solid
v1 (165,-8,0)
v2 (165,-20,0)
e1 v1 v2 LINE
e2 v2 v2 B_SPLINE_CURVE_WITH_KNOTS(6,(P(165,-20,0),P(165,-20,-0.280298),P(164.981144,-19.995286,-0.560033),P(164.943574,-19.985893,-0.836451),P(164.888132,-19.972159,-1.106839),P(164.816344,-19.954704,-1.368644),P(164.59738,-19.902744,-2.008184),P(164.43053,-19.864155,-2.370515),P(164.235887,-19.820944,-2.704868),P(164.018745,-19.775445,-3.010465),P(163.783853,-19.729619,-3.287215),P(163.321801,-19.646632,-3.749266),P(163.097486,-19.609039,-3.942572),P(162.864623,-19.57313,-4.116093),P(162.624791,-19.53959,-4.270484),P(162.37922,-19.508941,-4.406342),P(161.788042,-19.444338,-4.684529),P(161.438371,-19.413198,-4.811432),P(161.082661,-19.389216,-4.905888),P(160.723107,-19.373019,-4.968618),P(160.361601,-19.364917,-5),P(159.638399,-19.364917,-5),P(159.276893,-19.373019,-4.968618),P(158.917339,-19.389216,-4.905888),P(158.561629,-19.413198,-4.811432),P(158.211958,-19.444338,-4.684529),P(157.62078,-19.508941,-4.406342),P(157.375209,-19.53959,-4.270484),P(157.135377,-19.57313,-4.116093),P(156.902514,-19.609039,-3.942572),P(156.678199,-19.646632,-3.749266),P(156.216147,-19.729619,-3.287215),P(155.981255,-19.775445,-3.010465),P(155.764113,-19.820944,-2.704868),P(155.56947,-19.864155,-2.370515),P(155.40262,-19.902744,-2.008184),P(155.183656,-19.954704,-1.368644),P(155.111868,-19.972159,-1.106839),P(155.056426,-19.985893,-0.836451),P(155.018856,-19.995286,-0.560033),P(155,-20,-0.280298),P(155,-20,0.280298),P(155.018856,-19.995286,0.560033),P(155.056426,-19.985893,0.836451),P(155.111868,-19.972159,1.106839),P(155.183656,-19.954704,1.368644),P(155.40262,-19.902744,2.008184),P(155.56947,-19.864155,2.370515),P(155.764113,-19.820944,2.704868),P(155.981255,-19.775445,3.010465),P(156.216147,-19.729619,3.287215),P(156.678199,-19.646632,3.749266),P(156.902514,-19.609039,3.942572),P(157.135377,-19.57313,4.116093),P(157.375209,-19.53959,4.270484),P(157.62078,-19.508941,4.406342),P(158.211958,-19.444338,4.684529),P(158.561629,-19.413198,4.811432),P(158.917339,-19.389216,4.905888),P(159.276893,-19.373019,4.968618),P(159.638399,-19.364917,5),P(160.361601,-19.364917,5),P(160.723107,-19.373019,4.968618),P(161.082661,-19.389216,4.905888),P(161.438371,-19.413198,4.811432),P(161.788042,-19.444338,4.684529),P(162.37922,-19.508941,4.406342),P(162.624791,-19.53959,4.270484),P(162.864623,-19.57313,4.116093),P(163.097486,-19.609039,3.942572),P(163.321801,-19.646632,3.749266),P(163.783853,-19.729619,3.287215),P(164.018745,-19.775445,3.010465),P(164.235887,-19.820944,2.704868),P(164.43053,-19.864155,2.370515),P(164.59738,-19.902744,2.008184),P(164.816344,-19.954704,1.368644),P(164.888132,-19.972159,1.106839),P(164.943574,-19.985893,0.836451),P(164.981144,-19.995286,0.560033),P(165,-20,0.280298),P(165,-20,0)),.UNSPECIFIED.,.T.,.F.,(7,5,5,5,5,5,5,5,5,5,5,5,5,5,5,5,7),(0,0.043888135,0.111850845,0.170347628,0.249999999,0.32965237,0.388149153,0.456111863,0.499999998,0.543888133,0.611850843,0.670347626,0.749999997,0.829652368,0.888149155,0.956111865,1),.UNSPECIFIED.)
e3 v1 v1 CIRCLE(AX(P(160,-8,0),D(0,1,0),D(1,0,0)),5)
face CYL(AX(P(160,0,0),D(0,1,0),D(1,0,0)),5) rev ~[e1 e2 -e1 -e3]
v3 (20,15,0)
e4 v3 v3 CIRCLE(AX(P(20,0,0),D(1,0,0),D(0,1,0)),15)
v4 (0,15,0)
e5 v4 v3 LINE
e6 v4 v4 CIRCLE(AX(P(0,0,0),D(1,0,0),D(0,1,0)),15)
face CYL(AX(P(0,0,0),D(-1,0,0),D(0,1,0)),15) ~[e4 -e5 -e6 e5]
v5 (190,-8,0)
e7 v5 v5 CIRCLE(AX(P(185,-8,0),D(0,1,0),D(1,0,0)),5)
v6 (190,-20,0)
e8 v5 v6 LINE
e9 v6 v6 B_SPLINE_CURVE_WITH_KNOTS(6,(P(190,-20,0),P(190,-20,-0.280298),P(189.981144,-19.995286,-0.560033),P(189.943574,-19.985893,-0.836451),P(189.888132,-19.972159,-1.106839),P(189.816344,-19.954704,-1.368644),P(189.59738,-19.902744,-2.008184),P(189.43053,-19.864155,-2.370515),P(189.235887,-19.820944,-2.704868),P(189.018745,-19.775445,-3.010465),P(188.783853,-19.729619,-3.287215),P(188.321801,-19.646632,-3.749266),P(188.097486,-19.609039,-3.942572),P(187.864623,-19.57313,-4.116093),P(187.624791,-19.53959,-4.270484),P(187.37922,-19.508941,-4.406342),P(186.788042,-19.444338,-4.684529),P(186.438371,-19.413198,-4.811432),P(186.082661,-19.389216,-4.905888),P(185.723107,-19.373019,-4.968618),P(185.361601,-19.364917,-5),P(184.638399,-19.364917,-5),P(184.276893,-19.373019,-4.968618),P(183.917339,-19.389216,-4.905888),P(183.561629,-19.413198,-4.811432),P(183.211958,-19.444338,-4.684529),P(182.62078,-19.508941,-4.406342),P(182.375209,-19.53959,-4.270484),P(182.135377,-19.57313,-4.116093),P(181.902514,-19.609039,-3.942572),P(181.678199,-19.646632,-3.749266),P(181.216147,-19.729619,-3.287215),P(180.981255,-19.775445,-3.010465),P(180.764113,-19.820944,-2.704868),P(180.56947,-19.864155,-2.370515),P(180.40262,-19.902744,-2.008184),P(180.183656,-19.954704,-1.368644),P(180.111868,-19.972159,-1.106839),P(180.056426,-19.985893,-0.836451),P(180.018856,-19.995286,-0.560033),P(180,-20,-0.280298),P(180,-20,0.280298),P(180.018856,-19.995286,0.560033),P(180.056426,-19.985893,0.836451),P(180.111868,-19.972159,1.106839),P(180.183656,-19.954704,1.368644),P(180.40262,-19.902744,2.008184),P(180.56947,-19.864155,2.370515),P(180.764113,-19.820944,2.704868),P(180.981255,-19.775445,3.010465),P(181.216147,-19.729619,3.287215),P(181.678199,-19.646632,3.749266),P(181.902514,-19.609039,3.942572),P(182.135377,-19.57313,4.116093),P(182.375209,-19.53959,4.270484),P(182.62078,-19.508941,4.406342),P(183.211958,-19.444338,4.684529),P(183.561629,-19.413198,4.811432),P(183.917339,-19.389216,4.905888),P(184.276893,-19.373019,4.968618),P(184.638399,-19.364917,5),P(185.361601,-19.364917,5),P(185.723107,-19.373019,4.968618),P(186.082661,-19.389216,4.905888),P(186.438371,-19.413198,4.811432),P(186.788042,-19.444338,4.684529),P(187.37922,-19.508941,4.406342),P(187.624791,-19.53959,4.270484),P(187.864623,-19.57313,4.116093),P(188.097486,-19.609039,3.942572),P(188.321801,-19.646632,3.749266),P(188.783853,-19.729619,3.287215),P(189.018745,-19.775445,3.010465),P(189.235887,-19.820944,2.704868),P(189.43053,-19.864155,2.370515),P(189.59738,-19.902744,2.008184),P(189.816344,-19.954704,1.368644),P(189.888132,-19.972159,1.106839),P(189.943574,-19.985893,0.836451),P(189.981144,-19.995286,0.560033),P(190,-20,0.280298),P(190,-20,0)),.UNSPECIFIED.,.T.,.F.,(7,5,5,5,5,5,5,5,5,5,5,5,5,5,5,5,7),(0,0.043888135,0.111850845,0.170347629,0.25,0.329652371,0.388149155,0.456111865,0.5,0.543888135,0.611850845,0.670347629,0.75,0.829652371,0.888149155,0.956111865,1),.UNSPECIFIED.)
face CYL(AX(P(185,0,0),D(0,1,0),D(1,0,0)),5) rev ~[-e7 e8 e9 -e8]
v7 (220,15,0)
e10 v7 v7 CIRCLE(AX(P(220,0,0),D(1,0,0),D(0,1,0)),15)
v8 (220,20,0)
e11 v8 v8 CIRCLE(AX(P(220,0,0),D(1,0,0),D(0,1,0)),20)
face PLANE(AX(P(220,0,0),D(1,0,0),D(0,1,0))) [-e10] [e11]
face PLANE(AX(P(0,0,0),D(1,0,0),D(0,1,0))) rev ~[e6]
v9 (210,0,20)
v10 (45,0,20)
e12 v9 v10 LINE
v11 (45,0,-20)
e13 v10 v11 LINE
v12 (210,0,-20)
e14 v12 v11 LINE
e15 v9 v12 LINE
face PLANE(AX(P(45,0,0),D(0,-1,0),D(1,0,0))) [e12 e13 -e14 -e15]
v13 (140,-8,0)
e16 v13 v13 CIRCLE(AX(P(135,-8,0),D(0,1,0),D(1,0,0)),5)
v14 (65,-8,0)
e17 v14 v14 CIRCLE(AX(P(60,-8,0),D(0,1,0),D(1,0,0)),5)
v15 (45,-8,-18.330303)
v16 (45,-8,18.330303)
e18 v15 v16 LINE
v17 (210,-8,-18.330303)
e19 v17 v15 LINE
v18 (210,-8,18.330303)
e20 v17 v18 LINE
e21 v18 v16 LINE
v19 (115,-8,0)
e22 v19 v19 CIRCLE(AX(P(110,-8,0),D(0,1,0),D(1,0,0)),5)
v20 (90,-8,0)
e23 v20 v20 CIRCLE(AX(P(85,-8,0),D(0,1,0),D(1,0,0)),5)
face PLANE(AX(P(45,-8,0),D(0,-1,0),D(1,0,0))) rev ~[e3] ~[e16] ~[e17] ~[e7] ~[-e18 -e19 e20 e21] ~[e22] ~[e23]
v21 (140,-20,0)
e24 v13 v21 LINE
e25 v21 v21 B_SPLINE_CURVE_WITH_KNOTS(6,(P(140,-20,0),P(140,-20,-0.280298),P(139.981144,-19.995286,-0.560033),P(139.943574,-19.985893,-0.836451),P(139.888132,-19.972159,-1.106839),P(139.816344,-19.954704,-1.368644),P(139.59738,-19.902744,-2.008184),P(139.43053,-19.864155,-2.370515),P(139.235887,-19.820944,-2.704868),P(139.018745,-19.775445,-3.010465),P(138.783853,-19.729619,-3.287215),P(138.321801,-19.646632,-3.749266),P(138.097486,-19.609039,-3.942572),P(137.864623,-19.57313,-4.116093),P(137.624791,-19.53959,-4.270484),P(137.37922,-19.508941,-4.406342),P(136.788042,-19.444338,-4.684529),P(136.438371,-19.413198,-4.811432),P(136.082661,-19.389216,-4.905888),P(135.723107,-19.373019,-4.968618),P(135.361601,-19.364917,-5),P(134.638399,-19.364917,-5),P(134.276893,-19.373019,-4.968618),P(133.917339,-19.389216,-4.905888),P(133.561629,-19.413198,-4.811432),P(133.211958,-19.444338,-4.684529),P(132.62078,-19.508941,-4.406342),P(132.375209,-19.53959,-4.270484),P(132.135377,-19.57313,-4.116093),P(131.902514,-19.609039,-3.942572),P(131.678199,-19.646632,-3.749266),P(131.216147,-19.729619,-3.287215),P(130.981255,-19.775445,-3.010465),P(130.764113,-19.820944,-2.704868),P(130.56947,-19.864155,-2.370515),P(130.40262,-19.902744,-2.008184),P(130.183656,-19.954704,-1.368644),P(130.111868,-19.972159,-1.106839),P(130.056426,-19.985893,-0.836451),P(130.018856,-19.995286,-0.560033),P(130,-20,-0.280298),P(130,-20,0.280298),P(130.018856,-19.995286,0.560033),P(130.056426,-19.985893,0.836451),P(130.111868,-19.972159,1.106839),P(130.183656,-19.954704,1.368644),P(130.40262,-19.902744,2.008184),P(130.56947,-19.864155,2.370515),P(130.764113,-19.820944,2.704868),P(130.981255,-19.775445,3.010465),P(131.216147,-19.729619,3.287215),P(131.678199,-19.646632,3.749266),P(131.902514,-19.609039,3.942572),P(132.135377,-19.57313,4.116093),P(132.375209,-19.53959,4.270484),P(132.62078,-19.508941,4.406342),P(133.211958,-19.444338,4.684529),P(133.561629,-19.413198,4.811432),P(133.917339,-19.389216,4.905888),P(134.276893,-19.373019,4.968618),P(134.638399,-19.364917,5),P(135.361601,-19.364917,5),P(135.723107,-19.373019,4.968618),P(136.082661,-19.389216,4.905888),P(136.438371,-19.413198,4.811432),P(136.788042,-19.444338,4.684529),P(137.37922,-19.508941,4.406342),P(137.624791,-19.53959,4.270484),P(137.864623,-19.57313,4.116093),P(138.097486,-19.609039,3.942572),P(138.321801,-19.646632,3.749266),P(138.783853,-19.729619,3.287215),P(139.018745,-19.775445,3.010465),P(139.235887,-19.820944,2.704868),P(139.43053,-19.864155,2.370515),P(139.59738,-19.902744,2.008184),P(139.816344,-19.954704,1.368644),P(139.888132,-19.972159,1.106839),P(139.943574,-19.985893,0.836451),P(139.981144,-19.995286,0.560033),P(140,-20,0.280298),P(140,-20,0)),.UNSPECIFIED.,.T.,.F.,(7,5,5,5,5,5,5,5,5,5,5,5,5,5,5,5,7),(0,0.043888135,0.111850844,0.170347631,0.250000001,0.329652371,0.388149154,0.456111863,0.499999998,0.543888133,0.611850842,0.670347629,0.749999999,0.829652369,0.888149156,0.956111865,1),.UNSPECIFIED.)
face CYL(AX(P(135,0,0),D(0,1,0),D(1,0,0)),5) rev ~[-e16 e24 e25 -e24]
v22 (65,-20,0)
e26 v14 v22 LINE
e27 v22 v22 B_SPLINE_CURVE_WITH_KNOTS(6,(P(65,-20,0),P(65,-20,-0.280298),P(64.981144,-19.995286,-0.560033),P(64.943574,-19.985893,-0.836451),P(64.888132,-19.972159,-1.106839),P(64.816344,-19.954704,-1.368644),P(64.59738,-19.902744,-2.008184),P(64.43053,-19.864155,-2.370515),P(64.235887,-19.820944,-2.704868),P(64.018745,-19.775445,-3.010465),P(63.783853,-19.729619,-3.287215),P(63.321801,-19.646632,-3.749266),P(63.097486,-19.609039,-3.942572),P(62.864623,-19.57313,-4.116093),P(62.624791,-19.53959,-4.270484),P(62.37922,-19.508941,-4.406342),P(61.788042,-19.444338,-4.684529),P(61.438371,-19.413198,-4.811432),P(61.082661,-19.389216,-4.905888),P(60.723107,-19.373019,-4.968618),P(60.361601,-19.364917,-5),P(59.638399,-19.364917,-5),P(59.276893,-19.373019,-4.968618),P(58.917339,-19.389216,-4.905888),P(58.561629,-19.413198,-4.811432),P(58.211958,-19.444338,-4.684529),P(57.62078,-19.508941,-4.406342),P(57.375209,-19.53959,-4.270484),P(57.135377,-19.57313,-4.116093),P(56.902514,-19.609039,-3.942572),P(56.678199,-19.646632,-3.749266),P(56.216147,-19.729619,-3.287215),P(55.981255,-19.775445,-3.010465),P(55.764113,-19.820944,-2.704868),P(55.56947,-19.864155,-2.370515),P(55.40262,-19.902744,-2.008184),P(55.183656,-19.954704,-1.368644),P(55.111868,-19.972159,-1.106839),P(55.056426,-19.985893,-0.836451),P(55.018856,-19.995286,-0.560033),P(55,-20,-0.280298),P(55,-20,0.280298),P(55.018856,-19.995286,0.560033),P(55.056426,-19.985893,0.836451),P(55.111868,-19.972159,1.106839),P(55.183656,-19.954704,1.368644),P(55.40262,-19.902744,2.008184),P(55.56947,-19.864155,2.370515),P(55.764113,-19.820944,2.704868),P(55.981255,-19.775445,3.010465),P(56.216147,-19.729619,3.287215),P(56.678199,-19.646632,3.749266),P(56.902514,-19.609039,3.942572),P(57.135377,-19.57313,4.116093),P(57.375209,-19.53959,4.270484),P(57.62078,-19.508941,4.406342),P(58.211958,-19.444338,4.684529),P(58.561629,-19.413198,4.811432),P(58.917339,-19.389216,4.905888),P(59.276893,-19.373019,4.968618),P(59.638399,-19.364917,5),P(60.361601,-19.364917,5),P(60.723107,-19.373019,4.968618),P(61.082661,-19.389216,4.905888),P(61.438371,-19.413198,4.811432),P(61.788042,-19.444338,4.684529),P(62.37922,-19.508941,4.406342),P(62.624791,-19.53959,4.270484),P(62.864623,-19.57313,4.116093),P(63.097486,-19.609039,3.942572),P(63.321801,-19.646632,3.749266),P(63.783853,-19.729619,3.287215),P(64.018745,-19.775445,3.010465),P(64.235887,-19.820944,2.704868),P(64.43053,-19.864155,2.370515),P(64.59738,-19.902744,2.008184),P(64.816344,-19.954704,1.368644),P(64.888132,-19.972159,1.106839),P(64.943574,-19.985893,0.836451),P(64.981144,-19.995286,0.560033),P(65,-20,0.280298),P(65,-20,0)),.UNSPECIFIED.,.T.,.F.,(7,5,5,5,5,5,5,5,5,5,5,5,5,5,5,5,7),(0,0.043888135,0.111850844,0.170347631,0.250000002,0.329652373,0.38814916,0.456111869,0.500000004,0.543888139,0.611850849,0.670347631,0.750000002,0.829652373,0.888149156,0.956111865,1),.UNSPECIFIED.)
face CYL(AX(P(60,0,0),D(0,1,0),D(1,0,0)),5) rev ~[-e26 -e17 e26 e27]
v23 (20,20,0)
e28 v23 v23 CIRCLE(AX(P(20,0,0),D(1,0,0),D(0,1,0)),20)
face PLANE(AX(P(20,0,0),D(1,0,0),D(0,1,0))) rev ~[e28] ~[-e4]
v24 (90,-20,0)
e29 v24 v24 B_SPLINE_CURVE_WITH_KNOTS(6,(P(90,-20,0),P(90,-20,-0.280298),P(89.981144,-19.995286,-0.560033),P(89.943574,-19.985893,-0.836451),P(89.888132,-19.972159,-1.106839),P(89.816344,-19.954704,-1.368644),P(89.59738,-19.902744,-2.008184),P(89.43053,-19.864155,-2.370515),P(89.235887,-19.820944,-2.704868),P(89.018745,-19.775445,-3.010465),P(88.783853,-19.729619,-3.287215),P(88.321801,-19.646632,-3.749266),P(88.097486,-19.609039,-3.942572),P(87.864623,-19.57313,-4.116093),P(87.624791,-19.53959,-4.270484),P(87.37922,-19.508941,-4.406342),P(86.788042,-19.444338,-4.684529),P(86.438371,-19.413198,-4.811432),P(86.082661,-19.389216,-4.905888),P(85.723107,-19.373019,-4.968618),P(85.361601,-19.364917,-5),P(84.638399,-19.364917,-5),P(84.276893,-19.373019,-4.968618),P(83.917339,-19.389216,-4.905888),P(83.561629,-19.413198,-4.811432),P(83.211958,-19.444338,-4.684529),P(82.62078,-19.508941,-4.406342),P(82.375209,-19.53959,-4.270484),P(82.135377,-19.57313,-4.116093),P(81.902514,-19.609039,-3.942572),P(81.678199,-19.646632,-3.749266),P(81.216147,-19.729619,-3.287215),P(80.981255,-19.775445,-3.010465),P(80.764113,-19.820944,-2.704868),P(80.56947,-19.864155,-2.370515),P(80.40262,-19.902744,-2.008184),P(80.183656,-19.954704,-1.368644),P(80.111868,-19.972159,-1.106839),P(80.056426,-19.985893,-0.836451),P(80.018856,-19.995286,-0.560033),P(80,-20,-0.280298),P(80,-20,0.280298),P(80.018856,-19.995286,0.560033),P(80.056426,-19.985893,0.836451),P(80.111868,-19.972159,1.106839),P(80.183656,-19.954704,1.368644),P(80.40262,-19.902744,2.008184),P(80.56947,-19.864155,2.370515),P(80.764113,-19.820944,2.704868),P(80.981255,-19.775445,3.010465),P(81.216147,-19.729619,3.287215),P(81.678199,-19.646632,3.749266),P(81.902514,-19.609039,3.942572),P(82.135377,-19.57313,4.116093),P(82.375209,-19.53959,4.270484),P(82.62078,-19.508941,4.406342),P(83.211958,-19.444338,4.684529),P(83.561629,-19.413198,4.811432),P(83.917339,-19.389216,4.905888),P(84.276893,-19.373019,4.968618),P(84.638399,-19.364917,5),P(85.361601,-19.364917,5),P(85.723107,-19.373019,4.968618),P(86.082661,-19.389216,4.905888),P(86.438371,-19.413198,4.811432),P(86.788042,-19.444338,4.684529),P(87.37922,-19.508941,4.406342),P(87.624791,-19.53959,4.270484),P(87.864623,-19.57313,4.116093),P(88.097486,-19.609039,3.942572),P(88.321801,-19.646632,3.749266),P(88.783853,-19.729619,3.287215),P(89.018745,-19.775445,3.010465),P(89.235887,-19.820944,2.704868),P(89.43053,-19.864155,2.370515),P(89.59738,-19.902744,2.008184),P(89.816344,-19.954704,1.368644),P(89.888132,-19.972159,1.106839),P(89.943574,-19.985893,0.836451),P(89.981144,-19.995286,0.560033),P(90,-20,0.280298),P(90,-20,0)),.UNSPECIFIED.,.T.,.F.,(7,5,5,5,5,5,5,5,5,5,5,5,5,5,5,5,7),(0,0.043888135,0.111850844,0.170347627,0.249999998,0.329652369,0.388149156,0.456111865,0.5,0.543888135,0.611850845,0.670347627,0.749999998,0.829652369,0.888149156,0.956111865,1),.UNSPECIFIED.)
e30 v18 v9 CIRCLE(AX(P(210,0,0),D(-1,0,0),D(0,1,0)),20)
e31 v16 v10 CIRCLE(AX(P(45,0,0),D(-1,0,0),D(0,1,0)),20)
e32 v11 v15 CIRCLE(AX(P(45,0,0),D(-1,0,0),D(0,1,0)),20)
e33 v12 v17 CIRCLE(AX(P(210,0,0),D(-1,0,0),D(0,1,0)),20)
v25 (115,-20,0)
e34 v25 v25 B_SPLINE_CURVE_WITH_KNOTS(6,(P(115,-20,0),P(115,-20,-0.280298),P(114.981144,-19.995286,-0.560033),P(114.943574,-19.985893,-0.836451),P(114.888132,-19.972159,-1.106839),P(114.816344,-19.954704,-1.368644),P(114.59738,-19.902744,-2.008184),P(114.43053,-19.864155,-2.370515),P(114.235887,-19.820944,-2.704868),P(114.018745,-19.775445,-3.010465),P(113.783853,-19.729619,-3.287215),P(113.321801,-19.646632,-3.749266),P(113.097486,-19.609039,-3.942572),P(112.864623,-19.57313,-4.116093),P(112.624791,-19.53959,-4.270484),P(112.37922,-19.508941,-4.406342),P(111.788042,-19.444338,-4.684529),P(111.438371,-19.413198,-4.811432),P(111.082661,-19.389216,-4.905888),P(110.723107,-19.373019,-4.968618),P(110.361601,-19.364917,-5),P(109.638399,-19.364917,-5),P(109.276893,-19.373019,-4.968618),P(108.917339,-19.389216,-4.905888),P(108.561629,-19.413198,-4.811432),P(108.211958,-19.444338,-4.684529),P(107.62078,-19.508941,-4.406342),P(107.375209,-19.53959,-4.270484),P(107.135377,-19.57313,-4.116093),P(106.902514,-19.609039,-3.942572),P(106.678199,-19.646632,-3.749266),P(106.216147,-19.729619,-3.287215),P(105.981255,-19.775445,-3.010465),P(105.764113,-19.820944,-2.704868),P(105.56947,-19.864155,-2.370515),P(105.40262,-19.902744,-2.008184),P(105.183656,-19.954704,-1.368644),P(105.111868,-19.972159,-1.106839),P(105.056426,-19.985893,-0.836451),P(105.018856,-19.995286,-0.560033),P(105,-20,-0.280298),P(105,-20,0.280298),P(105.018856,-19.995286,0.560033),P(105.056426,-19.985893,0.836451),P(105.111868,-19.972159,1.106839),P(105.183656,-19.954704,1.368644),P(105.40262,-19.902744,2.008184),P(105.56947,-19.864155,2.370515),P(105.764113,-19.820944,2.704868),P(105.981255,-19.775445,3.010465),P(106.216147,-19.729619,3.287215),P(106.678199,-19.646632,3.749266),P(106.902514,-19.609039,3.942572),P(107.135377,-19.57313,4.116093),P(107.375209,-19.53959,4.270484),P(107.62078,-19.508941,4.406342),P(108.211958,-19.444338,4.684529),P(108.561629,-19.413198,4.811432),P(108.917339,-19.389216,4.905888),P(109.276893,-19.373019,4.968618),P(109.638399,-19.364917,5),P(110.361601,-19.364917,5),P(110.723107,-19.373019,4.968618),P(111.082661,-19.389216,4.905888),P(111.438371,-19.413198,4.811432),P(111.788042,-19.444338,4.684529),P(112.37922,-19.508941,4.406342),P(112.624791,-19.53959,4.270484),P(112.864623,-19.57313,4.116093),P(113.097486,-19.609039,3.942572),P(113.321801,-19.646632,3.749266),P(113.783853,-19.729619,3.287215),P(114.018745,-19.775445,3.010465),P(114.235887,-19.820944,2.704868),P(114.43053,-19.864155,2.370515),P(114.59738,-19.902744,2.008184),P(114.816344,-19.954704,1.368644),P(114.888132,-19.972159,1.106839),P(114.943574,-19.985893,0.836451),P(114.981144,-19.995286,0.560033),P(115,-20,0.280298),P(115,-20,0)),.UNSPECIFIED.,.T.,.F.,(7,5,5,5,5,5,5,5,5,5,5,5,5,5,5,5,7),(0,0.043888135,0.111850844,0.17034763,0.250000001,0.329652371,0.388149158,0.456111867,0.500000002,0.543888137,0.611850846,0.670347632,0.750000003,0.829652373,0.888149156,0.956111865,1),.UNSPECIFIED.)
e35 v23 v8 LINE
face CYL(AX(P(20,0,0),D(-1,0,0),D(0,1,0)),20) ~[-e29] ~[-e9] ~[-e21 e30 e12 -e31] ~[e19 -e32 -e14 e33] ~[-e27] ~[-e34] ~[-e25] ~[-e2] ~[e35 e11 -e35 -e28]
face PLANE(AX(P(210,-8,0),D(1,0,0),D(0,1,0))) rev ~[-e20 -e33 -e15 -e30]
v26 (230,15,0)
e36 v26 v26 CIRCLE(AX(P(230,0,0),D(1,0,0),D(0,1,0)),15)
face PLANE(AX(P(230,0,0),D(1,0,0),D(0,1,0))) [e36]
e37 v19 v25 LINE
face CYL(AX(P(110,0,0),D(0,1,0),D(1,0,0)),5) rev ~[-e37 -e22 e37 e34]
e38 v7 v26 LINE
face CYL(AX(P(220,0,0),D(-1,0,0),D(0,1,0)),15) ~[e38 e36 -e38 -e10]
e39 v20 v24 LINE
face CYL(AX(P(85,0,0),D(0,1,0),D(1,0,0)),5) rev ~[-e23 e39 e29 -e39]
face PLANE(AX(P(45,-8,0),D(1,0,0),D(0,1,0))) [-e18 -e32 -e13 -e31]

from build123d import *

# Parameters (mm, degrees)
F0_R     = 15
F1_DEPTH = 20
F2_R     = 20
F3_DEPTH = 200
F4_W     = 165
F4_H     = 8
F5_DEPTH = 25
F7_D     = 10
F7_DEPTH = 20.001
F8_R     = 15
F9_DEPTH = 10


with BuildPart() as f1:
    # F0 (on Right) → F1 (new body)
    with BuildSketch(Plane.YZ):
        Circle(F0_R)
    extrude(amount=F1_DEPTH)

    # F2 (on face) → F3 (join)
    with BuildSketch(Plane.YZ.offset(20)):
        Circle(F2_R)
    extrude(amount=F3_DEPTH)

    # F4 (on Top) → F5 (cut, symmetric)
    with BuildSketch(Plane.XY):
        with Locations((127.5, -4)):
            Rectangle(F4_W, F4_H)
    extrude(amount=F5_DEPTH, both=True, mode=Mode.SUBTRACT)

    # F7 (through all, one way)
    with BuildSketch(Plane(origin=(0, 0, 0), x_dir=(1, 0, 0), z_dir=(0, 1, 0))):
        with Locations((60, 0), (85, 0), (110, 0), (135, 0), (160, 0), (185, 0)):
            Circle(F7_D / 2)
    extrude(amount=-F7_DEPTH, mode=Mode.SUBTRACT)

    # F8 (on face) → F9 (join)
    with BuildSketch(Plane.YZ.offset(220)):
        Circle(F8_R)
    extrude(amount=F9_DEPTH)


solid = f1.part
